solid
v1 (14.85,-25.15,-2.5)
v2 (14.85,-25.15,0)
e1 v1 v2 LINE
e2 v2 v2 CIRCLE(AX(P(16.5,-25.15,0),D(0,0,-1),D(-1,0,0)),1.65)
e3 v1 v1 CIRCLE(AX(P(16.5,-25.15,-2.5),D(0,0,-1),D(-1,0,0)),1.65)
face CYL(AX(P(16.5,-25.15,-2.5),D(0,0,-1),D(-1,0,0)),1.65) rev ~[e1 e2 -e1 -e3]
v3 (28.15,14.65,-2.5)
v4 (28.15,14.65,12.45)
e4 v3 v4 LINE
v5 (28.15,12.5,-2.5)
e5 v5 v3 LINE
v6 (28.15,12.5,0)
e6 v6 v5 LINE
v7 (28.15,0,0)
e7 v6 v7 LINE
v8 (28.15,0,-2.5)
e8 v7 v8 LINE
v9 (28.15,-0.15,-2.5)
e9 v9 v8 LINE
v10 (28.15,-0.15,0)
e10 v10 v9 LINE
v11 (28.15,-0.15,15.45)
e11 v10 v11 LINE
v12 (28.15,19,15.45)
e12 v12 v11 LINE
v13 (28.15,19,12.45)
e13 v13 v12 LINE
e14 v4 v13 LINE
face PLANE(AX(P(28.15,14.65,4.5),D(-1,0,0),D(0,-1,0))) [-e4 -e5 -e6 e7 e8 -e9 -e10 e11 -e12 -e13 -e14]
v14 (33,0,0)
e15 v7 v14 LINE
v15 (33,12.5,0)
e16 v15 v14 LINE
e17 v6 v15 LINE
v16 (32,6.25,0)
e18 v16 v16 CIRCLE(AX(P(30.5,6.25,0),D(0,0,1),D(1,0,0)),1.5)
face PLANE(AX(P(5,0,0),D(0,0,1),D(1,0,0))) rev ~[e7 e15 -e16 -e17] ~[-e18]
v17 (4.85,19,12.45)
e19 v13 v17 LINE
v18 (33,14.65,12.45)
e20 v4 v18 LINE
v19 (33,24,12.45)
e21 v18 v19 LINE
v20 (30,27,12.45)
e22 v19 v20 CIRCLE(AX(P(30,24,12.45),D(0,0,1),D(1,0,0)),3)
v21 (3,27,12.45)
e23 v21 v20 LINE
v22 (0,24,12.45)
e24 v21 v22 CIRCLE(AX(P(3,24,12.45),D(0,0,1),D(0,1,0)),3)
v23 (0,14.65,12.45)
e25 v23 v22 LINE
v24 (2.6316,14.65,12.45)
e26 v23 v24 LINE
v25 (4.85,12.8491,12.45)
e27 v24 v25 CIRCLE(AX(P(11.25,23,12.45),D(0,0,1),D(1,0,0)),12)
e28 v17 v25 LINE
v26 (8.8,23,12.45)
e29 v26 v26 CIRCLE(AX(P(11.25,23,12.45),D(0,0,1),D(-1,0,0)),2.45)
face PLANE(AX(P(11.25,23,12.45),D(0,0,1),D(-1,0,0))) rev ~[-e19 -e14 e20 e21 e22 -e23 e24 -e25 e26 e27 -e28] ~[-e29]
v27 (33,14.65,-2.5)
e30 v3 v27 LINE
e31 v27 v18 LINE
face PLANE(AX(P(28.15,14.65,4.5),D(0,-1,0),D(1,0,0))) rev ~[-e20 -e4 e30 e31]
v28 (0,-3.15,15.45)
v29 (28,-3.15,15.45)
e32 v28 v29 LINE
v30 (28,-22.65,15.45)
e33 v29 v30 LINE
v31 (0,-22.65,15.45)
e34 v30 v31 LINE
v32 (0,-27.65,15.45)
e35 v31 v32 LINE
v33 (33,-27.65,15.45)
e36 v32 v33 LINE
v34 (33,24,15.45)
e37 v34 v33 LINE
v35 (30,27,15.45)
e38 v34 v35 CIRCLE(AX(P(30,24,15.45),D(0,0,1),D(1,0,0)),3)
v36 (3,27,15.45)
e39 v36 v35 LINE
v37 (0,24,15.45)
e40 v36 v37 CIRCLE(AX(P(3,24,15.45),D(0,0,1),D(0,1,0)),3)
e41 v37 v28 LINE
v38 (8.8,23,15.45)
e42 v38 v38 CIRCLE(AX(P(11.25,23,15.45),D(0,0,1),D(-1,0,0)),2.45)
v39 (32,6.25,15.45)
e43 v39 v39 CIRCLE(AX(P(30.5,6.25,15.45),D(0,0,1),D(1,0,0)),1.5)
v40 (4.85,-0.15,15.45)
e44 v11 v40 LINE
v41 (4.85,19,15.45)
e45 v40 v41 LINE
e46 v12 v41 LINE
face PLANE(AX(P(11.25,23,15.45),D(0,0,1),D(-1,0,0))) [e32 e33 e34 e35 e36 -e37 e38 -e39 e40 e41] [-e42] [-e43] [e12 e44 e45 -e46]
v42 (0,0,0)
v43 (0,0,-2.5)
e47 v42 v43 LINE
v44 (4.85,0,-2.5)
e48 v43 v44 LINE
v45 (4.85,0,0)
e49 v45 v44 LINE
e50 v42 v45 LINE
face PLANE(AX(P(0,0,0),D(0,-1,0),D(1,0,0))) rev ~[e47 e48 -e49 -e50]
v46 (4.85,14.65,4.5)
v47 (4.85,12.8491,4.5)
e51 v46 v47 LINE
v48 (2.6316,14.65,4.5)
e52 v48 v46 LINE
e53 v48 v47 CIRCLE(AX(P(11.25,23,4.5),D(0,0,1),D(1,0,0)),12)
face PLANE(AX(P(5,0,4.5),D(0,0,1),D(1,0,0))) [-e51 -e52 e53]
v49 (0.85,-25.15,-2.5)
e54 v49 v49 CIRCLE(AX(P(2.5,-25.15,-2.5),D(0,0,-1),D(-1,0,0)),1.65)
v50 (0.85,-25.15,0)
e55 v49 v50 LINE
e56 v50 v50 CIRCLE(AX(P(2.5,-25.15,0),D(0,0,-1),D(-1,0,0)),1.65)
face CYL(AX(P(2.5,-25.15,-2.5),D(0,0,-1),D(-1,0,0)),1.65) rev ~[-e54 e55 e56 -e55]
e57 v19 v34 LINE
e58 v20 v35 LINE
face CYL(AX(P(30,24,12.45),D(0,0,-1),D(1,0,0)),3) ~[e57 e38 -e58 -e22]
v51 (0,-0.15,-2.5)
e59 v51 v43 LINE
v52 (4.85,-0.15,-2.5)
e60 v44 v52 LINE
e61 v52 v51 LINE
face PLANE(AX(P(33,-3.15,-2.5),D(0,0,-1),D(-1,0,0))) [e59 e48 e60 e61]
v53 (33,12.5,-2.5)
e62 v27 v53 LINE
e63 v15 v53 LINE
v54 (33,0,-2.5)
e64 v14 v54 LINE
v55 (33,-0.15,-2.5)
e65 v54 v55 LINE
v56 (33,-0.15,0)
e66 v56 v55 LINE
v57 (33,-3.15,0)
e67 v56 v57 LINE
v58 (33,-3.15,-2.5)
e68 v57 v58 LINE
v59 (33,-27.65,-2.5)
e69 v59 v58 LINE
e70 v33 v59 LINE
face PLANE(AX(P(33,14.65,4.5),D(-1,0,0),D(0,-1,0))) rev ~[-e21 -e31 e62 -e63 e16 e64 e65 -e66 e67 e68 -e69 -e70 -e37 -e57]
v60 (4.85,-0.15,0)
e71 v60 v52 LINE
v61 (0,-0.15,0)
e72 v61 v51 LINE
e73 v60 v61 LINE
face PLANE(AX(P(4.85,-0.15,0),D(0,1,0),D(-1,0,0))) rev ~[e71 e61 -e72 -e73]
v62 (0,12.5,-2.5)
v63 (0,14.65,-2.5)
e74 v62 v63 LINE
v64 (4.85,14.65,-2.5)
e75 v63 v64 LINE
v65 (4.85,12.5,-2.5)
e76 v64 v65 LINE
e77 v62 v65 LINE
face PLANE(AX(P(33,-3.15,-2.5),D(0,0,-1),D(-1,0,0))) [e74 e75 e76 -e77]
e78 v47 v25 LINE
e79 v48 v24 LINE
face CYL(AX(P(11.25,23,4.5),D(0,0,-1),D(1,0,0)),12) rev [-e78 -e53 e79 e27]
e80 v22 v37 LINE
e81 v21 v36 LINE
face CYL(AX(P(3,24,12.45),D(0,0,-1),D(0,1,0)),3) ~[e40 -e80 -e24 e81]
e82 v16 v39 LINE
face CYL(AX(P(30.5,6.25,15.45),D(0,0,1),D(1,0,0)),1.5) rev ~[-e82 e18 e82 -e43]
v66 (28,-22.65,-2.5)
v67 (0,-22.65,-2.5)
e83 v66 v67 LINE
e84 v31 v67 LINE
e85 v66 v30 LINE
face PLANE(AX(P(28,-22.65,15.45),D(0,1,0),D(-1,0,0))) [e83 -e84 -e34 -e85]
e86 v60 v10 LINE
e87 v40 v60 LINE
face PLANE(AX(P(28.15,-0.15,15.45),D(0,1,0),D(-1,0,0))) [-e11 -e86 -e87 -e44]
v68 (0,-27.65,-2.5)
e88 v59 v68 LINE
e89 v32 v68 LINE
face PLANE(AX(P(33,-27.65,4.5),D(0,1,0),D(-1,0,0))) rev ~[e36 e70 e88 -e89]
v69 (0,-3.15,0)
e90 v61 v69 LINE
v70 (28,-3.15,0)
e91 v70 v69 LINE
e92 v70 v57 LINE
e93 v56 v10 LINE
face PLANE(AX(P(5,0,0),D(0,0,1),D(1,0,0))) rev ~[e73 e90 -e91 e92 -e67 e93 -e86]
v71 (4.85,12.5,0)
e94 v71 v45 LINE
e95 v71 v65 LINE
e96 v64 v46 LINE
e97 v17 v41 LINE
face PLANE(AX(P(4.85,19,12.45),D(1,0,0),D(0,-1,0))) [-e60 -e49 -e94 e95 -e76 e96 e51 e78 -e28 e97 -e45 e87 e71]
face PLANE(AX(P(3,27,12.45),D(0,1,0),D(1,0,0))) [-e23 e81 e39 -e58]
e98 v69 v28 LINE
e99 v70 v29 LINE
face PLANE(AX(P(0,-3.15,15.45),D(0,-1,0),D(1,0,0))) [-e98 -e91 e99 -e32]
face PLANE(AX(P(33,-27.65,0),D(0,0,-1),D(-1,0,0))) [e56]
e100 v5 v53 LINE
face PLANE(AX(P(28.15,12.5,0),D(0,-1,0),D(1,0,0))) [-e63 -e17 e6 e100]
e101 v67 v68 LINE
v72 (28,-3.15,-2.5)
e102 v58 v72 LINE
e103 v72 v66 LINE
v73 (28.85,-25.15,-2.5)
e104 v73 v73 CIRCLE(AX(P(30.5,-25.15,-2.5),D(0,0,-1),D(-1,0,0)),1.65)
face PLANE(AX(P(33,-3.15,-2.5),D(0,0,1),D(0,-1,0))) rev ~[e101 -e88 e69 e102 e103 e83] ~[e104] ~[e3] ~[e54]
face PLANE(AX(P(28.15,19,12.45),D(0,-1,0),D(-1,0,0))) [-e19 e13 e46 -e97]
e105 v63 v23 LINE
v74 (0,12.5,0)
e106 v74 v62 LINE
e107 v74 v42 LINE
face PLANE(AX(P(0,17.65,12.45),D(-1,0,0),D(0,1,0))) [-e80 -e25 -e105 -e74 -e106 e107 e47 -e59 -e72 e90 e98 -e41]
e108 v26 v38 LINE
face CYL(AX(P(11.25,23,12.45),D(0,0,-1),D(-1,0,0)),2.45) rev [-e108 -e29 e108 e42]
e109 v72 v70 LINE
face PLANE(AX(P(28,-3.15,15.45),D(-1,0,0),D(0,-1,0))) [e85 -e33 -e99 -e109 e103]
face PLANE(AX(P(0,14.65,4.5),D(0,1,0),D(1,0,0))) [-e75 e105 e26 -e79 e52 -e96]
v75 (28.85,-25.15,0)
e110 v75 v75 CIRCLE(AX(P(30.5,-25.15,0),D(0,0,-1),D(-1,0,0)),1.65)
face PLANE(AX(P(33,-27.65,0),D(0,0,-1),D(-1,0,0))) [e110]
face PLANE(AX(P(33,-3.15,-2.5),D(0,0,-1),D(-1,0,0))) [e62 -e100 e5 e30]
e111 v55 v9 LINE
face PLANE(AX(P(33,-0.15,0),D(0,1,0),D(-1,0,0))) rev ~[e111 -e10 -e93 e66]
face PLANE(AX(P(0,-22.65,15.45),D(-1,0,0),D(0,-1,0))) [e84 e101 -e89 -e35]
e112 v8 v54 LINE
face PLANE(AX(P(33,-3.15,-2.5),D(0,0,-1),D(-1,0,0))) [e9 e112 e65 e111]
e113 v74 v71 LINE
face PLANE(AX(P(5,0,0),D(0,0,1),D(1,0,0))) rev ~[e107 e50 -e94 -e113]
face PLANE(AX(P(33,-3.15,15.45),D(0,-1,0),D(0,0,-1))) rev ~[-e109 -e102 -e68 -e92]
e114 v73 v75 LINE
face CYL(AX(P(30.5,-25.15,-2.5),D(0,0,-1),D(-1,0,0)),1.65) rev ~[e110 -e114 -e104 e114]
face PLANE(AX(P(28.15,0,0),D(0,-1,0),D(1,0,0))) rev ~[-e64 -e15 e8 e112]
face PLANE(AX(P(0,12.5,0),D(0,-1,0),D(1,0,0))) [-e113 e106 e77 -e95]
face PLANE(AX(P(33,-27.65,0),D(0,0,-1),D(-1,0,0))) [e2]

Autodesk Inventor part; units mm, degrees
ref_plane "YZ Plane" through (0, 0, 0) normal (1, 0, 0) x (0, 1, 0)
ref_plane "Work Plane1" through (5, 0, 4.5) normal (0, 0, 1) x (1, 0, 0)
sketch "Sketch1" plane through (5, 0, 4.5) normal (0, 0, 1) x (1, 0, 0)
  circle A0 centre (25.5, 6.25) radius 1.5 projected
  line L0 (28, 14.65) -> (28, -27.65) projected
  line L1 (23.15, 14.65) -> (28, 14.65) projected
  line L2 (23.15, 14.65) -> (23.15, -0.15) projected
  line L3 (-0.15, -0.15) -> (23.15, -0.15) projected
  line L4 (-0.15, 14.65) -> (-0.15, -0.15) projected
  line L5 (-5, 14.65) -> (-0.15, 14.65) projected
  line L6 (-5, 14.65) -> (-5, -3.15) projected
  line L7 (23, -3.15) -> (-5, -3.15) projected
  circle A1 centre (25.5, -25.15) radius 1.5 projected
  circle A2 centre (-2.5, -25.15) radius 1.5 projected
  circle A3 centre (11.5, -25.15) radius 1.5 projected
  line L8 (23, -22.65) -> (23, -3.15) projected
  line L9 (23, -22.65) -> (-5, -22.65) projected
  line L10 (-5, -22.65) -> (-5, -27.65) projected
  line L11 (28, -27.65) -> (-5, -27.65) projected
  point P0 (-5, 0)
ref_plane "Work Plane2" through (28, 0, 0) normal (0, 0, 1) x (1, 0, 0)
extrude "Extrusion1" add sketch "Sketch1" against normal up to surface (4.5 mm away) contours L0 L11 L10 L9 L8 L7 L6 L5 L4 L3 L2 L1 | A1 | A2 | A3
sketch "Sketch2" plane through (33, -3.15, 0) normal (0, 0, -1) x (-1, 0, 0)
  circle A0 centre (2.5, 9.4) radius 1.5 projected
  line L0 (4.85, 17.8) -> (0, 17.8) projected
  line L1 (0, 17.8) -> (0, -24.5) projected
  line L2 (5, 0) -> (33, 0) projected
  line L3 (33, 0) -> (33, 17.8) projected
  line L4 (33, 17.8) -> (28.15, 17.8) projected
  line L5 (28.15, 17.8) -> (28.15, 3) projected
  line L6 (28.15, 3) -> (4.85, 3) projected
  line L7 (4.85, 3) -> (4.85, 17.8) projected
  line L8 (5, 15.65) -> (0, 15.65) projected
  line L9 (5, 3.15) -> (0, 3.15) projected
  line L10 (33, 15.65) -> (28, 15.65) projected
  line L11 (33, 3.15) -> (28, 3.15) projected
  line L12 (0, 17.8) -> (4.85, 17.8) projected
  line L13 (4.85, 17.8) -> (4.85, 3) projected
  line L14 (0, 17.8) -> (4.85, 17.8)
  line L15 (4.85, 17.8) -> (4.85, 15.65)
  line L16 (4.85, 15.65) -> (0, 15.65)
  line L17 (0, 15.65) -> (0, 17.8)
  line L18 (28.15, 17.8) -> (33, 17.8)
  line L19 (33, 17.8) -> (33, 15.65)
  line L20 (33, 15.65) -> (28.15, 15.65)
  line L21 (28.15, 15.65) -> (28.15, 17.8)
  line L22 (33, 0) -> (5, 0) projected
  line L23 (0, -24.5) -> (0, 17.8) projected
  line L24 (33, 0) -> (0, 0)
  line L25 (0, 0) -> (0, 3)
  line L26 (0, 3) -> (33, 3)
  line L27 (33, 3) -> (33, 0)
  line L28 (28.15, 3.15) -> (33, 3.15)
  line L29 (33, 3.15) -> (33, 3)
  line L30 (33, 3) -> (28.15, 3)
  line L31 (28.15, 3) -> (28.15, 3.15)
  line L32 (4.85, 3.15) -> (0, 3.15)
  line L33 (0, 3.15) -> (0, 3)
  line L34 (0, 3) -> (4.85, 3)
  line L35 (4.85, 3) -> (4.85, 3.15)
  line L36 (0, -24.5) -> (33, -24.5) projected
  line L37 (33, -24.5) -> (33, -19.5) projected
  line L38 (33, -19.5) -> (5, -19.5) projected
  line L39 (5, -19.5) -> (5, 0) projected
ref_plane "Work Plane3" through (0, -3.15, -2.5) normal (0, 0, 1) x (1, 0, 0)
extrude "Extrusion2" add sketch "Sketch2" along normal up to surface (2.5 mm away) contours L7 L8 L1 L0 | L7 L26 L1 L9 | L5 L11 L3 L26 | L5 L4 L3 L10
ref_plane "Work Plane5" through (11.25, 23, 12.45) normal (0, 0, 1) x (-1, 0, 0)
sketch "Sketch4" plane through (11.25, 23, 12.45) normal (0, 0, 1) x (-1, 0, 0)
  circle A0 centre (0, 0) radius 2.45 projected
  arc A1 (-21.75, -1) -> (-18.75, -4) centre (-18.75, -1) ccw projected
  line L0 (8.25, -4) -> (-18.75, -4) projected
  arc A2 (8.25, -4) -> (11.25, -1) centre (8.25, -1) ccw projected
  line L1 (11.25, 5.35) -> (11.25, -1) projected
  line L2 (6.4, 5.35) -> (11.25, 5.35) projected
  line L3 (6.4, 4) -> (6.4, 5.35) projected
  line L4 (-16.9, 4) -> (6.4, 4) projected
  line L5 (-16.9, 5.35) -> (-16.9, 4) projected
  line L6 (-21.75, 5.35) -> (-16.9, 5.35) projected
  line L7 (-21.75, -1) -> (-21.75, 5.35) projected
  point P0 (11.25, 23)
extrude "Extrusion3" add sketch "Sketch4" along normal blind 3
sketch "Sketch5" plane through (11.25, 23, 15.45) normal (0, 0, 1) x (1, 0, 0)
  line L0 (-6.4, -5.35) -> (-11.25, -5.35) projected
  line L1 (-6.4, -8.35) -> (-11.25, -8.35) projected
  line L2 (-11.25, -5.35) -> (-6.4, -5.35)
  line L3 (-6.4, -5.35) -> (-6.4, -8.35)
  line L4 (-6.4, -8.35) -> (-11.25, -8.35)
  line L5 (-11.25, -8.35) -> (-11.25, -5.35)
  line L6 (16.9, -5.35) -> (21.75, -5.35) projected
  line L7 (21.75, -8.35) -> (16.9, -8.35) projected
  line L8 (16.9, -5.35) -> (21.75, -5.35)
  line L9 (21.75, -5.35) -> (21.75, -8.35)
  line L10 (21.75, -8.35) -> (16.9, -8.35)
  line L11 (16.9, -8.35) -> (16.9, -5.35)
  circle A0 centre (19.25, -16.75) radius 1.5 projected
  line L12 (21.75, -50.65) -> (21.75, -8.35) projected
  line L13 (21.75, -8.35) -> (16.9, -8.35) projected
  line L14 (16.9, -8.35) -> (16.9, -23.15) projected
  line L15 (16.9, -23.15) -> (-6.4, -23.15) projected
  line L16 (-6.4, -23.15) -> (-6.4, -8.35) projected
  line L17 (-6.4, -8.35) -> (-11.25, -8.35) projected
  line L18 (-11.25, -8.35) -> (-11.25, -26.15) projected
  line L19 (-11.25, -26.15) -> (16.75, -26.15) projected
  line L20 (16.75, -26.15) -> (16.75, -45.65) projected
  line L21 (16.75, -45.65) -> (-11.25, -45.65) projected
  line L22 (-11.25, -45.65) -> (-11.25, -50.65) projected
  line L23 (-11.25, -50.65) -> (21.75, -50.65) projected
  point P0 (-11.25, -23)
extrude "Extrusion4" add sketch "Sketch5" against normal blind 3
sketch "Sketch6" plane through (5, 0, 4.5) normal (0, 0, 1) x (1, 0, 0)
  line L0 (-5, 14.65) -> (-0.15, 14.65) projected
  circle A0 centre (25.5, 6.25) radius 1.5 projected
  line L1 (28, 14.65) -> (28, -27.65) projected
  line L2 (23.15, 14.65) -> (28, 14.65) projected
  line L3 (23.15, 14.65) -> (23.15, -0.15) projected
  line L4 (-0.15, -0.15) -> (23.15, -0.15) projected
  line L5 (-0.15, 14.65) -> (-0.15, -0.15) projected
  line L6 (-5, 14.65) -> (-0.15, 14.65) projected
  line L7 (-5, 14.65) -> (-5, -3.15) projected
  line L8 (23, -3.15) -> (-5, -3.15) projected
  circle A1 centre (6.25, 23) radius 10 projected
  circle A2 centre (6.25, 23) radius 12
  line L9 (-2.3684, 14.65) -> (-5, 14.65)
  line L10 (-5, 12.5) -> (-5, 14.65) projected
  line L11 (-5, 14.65) -> (-5, 12.5)
  line L12 (-0.15, 12.5) -> (-5, 12.5) projected
  line L13 (-5, 12.5) -> (-0.15, 12.5)
  line L14 (-0.15, 12.5) -> (-0.15, 12.8491)
  line L15 (-0.15, 14.65) -> (-0.15, 12.5) projected
  circle A3 centre (25.5, -25.15) radius 1.5 projected
  circle A4 centre (-2.5, -25.15) radius 1.5 projected
  circle A5 centre (11.5, -25.15) radius 1.5 projected
  line L16 (23, -22.65) -> (23, -3.15) projected
  line L17 (23, -22.65) -> (-5, -22.65) projected
  line L18 (-5, -22.65) -> (-5, -27.65) projected
  line L19 (28, -27.65) -> (-5, -27.65) projected
  point P0 (-5, 0)
  dimension "d8" = 2
extrude "Extrusion5" add sketch "Sketch6" along normal up to surface (7.95 mm away) contours L0 A2 L5 L12 L7 | L12 L5 L4 L3 L2 L1 L19 L18 L17 L16 L8 L7 | A3 | A4 | A5
sketch "Sketch7" plane through (33, 0, 0) normal (1, 0, 0) x (0, 0, -1)
  line L0 (-15.45, -3.15) -> (0, -3.15) projected
  line L1 (-15.45, -3.15) -> (2.5, -3.15)
  line L2 (2.5, -3.15) -> (2.5, -22.65)
  line L3 (2.5, -22.65) -> (-15.45, -22.65)
  line L4 (-15.45, -22.65) -> (-15.45, -3.15)
  line L5 (-15.45, 4.75) -> (0, 4.75) projected
  line L6 (-12.45, 24) -> (-12.45, 14.65) projected
  line L7 (-12.45, 24) -> (-15.45, 24) projected
  line L8 (-15.45, 24) -> (-15.45, -27.65) projected
  line L9 (2.5, 0) -> (2.5, -0.15) projected
  line L10 (0, 0) -> (2.5, 0) projected
  line L11 (0, 12.5) -> (0, 0) projected
  line L12 (0, 12.5) -> (2.5, 12.5) projected
  line L13 (2.5, 14.65) -> (2.5, 12.5) projected
  line L14 (-12.45, 14.65) -> (2.5, 14.65) projected
  line L15 (-15.45, -22.65) -> (2.5, -22.65)
  line L16 (2.5, -22.65) -> (2.5, -27.65)
  line L17 (2.5, -27.65) -> (-15.45, -27.65)
  line L18 (-15.45, -27.65) -> (-15.45, -22.65)
  line L19 (0, -0.15) -> (0, -27.65) projected
  line L20 (0, -0.15) -> (2.5, -0.15) projected
  line L21 (-15.45, -27.65) -> (0, -27.65) projected
  point P0 (0, 0)
  point P1 (2.5, -3.15)
  dimension "d11" = 19.5
  dimension "d13" = 5
extrude "Extrusion6" add sketch "Sketch7" against normal blind 5 contours L0 L19 L3 L4 | L1 L2 L3 L19 | L3 L19 L17 L8 | L3 L16 L17 L19
extrude "Extrusion7" add sketch "Sketch7" against normal up to surface (33 mm away) contours L3 L19 L17 L8 | L3 L16 L17 L19
sketch "Sketch8" plane through (33, -27.65, -2.5) normal (0, 0, -1) x (-1, 0, 0)
  circle A0 centre (2.5, 2.5) radius 1.65
  circle A1 centre (16.5, 2.5) radius 1.65
  circle A2 centre (30.5, 2.5) radius 1.65
  line L0 (2.5, 2.5) -> (16.5, 2.5) construction
  line L1 (16.5, 2.5) -> (30.5, 2.5) construction
  line L2 (0, 0) -> (33, 0) construction
  line L3 (0, 0) -> (0, 24.5) construction
  line L4 (33, 0) -> (33, 5) construction
  point P0 (33, 27.65)
  dimension "d18" = 3.3
  dimension "d19" = 3.3
  dimension "d20" = 3.3
  dimension "d21" = 2.5
  dimension "d22" = 2.5
  dimension "d23" = 2.5
extrude "Extrusion8" cut sketch "Sketch8" against normal blind 2.5
properties part number "Bracket 2"
